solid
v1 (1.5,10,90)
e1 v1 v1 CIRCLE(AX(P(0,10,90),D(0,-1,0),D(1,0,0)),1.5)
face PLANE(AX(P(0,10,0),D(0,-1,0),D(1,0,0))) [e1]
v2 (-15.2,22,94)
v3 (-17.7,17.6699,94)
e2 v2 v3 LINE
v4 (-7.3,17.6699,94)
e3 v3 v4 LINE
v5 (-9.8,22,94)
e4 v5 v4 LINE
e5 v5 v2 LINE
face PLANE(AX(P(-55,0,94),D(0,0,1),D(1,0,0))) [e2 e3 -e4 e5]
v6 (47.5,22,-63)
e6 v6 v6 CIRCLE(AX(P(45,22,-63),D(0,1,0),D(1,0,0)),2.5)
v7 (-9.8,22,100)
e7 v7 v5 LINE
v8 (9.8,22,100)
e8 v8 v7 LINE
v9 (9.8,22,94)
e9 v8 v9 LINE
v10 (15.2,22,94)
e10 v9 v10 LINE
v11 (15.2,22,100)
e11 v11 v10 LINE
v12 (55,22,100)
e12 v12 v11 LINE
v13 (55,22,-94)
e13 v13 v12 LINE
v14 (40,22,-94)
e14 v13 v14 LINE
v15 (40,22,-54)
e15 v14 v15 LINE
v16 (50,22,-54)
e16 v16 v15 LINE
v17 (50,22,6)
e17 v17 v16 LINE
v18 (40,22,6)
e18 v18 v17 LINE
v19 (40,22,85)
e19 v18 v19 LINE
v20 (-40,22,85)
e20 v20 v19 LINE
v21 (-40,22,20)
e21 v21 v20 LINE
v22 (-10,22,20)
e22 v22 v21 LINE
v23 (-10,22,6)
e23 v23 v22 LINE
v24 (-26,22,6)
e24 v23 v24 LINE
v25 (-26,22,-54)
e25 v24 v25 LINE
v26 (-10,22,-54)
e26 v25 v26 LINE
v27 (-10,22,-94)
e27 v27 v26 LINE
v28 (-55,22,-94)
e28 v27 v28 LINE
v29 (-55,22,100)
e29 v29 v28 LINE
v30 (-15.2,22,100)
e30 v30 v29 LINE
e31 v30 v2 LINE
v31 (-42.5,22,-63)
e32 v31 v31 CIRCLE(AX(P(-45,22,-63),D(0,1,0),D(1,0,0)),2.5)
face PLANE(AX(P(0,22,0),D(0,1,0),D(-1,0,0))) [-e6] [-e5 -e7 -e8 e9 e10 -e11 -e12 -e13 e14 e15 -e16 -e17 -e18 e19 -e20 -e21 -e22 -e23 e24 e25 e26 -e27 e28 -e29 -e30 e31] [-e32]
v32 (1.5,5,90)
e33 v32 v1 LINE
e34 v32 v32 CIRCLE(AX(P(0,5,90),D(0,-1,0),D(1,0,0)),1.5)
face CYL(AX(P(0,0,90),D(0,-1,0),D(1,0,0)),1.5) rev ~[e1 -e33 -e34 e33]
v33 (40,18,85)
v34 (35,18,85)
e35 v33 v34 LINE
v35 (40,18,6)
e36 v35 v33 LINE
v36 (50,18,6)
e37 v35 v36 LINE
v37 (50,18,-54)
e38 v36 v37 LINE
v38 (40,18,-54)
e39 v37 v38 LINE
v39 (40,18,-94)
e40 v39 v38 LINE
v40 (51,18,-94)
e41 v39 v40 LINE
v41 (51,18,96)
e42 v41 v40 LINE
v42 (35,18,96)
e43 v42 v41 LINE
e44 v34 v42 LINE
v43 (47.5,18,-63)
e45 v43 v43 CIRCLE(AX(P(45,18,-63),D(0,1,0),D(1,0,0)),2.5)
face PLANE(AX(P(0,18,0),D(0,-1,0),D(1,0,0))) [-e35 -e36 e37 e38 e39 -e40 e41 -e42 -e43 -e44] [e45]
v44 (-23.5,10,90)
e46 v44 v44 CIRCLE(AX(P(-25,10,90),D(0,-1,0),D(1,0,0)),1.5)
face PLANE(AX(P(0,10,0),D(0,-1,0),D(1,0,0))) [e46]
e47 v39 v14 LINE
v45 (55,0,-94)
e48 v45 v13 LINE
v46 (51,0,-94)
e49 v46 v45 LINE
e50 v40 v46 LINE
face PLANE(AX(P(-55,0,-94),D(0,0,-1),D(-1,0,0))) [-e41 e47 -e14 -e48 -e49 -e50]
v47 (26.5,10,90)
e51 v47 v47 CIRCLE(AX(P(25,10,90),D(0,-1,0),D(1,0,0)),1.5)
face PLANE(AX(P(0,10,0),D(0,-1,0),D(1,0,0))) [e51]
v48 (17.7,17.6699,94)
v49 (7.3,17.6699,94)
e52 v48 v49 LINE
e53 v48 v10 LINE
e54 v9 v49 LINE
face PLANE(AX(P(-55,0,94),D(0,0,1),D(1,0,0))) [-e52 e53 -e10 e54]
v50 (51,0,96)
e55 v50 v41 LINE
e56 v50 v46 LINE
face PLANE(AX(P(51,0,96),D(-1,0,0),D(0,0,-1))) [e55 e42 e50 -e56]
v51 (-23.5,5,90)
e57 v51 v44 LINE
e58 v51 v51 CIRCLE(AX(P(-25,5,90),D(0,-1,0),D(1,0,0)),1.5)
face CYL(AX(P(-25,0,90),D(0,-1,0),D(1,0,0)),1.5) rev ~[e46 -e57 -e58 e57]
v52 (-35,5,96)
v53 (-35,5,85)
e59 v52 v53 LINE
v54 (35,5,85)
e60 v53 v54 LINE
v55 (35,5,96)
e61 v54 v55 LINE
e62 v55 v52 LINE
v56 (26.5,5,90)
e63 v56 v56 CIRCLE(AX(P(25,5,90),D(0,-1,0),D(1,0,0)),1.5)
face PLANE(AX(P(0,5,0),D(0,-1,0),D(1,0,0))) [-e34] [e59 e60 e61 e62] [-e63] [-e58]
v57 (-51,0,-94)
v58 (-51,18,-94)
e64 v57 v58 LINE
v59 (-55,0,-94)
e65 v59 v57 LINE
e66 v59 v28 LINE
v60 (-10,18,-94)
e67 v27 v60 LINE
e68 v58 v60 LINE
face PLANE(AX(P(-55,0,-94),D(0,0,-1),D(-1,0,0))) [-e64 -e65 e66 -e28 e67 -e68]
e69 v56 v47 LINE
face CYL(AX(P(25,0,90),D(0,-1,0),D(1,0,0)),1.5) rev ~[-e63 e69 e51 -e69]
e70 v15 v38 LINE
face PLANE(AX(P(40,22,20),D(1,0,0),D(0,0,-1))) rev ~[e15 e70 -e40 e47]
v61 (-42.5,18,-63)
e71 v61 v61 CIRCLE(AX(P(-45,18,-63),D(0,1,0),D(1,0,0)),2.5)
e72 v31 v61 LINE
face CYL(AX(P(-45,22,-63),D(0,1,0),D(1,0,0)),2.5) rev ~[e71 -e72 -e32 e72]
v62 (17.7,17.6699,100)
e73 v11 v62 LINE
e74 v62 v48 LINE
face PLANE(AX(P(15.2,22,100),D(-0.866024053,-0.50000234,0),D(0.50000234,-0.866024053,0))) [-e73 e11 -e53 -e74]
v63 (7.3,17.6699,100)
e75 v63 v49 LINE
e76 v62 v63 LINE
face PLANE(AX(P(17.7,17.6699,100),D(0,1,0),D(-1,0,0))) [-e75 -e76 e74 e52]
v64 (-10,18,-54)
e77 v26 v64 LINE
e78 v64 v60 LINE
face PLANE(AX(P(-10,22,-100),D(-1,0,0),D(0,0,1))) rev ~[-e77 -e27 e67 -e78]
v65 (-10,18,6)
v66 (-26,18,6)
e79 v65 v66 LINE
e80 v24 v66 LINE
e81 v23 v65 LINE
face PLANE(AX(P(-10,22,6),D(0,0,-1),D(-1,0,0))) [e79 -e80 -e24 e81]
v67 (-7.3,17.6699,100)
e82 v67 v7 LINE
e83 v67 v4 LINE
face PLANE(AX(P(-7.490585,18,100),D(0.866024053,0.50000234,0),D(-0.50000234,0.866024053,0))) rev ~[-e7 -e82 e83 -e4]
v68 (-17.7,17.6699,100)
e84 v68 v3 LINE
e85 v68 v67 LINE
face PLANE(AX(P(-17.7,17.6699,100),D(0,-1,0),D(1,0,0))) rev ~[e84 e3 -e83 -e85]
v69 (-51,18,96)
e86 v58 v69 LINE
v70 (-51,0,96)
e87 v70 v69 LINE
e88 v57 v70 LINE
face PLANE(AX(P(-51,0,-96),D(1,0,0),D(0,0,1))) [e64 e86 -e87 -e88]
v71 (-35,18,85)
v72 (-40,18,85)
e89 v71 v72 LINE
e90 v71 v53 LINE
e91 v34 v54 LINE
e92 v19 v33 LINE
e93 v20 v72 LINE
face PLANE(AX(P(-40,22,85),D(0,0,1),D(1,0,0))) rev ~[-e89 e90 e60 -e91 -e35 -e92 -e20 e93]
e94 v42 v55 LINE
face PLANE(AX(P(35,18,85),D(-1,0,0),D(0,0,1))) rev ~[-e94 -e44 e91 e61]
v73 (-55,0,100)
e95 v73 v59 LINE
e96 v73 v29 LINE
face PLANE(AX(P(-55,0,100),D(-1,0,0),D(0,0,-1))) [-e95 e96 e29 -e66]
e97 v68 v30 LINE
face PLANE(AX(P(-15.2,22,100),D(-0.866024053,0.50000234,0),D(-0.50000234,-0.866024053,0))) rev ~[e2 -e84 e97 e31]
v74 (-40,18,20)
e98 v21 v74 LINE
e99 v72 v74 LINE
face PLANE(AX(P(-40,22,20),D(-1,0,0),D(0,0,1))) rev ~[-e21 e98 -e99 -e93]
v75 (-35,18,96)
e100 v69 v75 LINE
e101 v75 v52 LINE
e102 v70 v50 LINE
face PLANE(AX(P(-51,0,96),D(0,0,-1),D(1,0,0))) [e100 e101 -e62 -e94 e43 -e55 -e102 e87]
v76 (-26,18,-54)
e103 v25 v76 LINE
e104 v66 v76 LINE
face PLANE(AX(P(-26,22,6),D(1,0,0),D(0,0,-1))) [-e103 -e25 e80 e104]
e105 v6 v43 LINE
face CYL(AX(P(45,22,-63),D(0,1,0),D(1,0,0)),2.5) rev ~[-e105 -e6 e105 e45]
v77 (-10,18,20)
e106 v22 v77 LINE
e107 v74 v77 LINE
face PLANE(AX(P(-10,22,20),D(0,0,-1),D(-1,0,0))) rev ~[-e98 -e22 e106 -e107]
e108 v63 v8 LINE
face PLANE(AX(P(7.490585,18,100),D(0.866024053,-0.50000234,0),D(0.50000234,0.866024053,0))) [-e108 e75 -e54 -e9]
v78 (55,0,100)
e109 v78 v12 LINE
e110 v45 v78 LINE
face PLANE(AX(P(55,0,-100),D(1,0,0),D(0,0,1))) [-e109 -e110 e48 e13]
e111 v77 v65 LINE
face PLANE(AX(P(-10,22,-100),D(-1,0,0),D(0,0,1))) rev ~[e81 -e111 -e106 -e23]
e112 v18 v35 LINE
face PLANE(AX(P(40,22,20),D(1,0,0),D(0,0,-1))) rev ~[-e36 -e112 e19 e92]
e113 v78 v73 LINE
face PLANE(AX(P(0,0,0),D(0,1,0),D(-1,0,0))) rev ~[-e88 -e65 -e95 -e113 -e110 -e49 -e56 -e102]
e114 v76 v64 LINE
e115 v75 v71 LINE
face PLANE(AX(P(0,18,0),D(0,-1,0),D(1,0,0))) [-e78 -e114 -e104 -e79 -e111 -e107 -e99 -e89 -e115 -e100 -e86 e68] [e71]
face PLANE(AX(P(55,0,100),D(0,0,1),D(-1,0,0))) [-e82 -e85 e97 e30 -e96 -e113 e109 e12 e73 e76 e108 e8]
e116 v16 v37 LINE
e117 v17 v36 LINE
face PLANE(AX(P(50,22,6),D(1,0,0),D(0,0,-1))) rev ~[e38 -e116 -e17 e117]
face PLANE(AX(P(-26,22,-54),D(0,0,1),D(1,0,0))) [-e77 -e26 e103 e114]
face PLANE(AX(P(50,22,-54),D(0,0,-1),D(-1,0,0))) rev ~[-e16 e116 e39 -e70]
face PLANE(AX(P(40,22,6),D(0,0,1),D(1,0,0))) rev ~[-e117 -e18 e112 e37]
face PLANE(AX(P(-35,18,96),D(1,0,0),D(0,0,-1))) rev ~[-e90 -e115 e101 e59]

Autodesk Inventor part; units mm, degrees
ref_plane "YZ Plane" through (0, 0, 0) normal (1, 0, 0) x (0, 1, 0)
ref_plane "XZ Plane" through (0, 0, 0) normal (0, 1, 0) x (-1, 0, 0)
ref_plane "XY Plane" through (0, 0, 0) normal (0, 0, 1) x (1, 0, 0)
sketch "Sketch1" plane through (0, 0, 0) normal (0, 1, 0) x (-1, 0, 0)
  line L0 (-55, 100) -> (55, 100)
  line L1 (55, 100) -> (55, -100)
  line L2 (55, -100) -> (-55, -100)
  line L3 (-55, -100) -> (-55, 100)
  line L4 (-55, 100) -> (55, -100) construction
  line L5 (55, 100) -> (-55, -100) construction
  point P0 (0, 0)
  dimension "d0" = 110
  dimension "d1" = 200
extrude "Extrusion1" add sketch "Sketch1" along normal blind 22
sketch "Sketch2" plane through (0, 22, 0) normal (0, 1, 0) x (1, 0, 0)
  line L0 (55, -100) -> (55, 100) construction
  line L1 (55, 100) -> (40, 100) construction
  line L2 (55, 100) -> (-55, 100) construction
  line L3 (55, 100) -> (70, 100) construction
  line L4 (40, 100) -> (-10, 100)
  line L5 (-10, 100) -> (-10, -20)
  line L6 (-10, -20) -> (40, -20)
  line L7 (40, -20) -> (40, 100)
  point P0 (0, 0)
  dimension "d4" = 15
  dimension "d5" = 180
  dimension "d6" = 50
  dimension "d7" = 120
sketch "Sketch3" plane through (0, 0, 0) normal (0, -1, 0) x (1, 0, 0)
  line L0 (-51, 96) -> (51, 96)
  line L1 (51, 96) -> (51, -96)
  line L2 (51, -96) -> (-51, -96)
  line L3 (-51, -96) -> (-51, 96)
  line L4 (-51, 96) -> (51, -96) construction
  line L5 (51, 96) -> (-51, -96) construction
  point P0 (0, 0)
  dimension "d8" = 102
  dimension "d9" = 192
extrude "Extrusion2" cut sketch "Sketch3" against normal blind 18
extrude "Extrusion3" cut sketch "Sketch2" against normal up to surface (22 mm away)
sketch "Sketch4" plane through (0, 22, 0) normal (0, 1, 0) x (1, 0, 0)
  line L0 (40, -20) -> (-10, -20) projected
  line L1 (40, -20) -> (-40, -20)
  line L2 (-40, -20) -> (-40, -85)
  line L3 (-40, -85) -> (40, -85)
  line L4 (40, -85) -> (40, -20)
  point P0 (0, 0)
  dimension "d14" = 80
  dimension "d15" = 65
extrude "Extrusion4" cut sketch "Sketch4" against normal blind 13
sketch "Sketch6" plane through (0, 22, 0) normal (0, 1, 0) x (1, 0, 0)
  line L0 (40, 100) -> (40, -85) projected
  line L1 (40, -85) -> (-40, -85) projected
  line L2 (-40, -85) -> (-40, -20) projected
  line L3 (-40, -20) -> (-10, -20) projected
  line L4 (-10, -20) -> (-10, 100) projected
  line L5 (-10, 100) -> (-55, 100) projected
  line L6 (-55, 100) -> (-55, -100) projected
  line L7 (-55, -100) -> (55, -100) projected
  line L8 (55, -100) -> (55, 100) projected
  line L9 (55, 100) -> (40, 100) projected
  line L10 (-55, 100) -> (-55, 63) construction
  line L11 (-55, 100) -> (-18, 100) construction
  line L12 (-55, 63) -> (-45, 63) construction
  circle A0 centre (-45, 63) radius 2.5
  line L13 (55, 100) -> (55, -100) construction
  line L14 (55, 100) -> (55, 63) construction
  line L15 (55, 100) -> (92, 100) construction
  line L16 (55, 63) -> (45, 63) construction
  circle A1 centre (45, 63) radius 2.5
  point P0 (0, 0)
  dimension "d24" = 37
  dimension "d25" = 90
  dimension "d26" = 10
  dimension "d27" = 90
  dimension "d28" = 5
  dimension "d29" = 37
  dimension "d30" = 90
  dimension "d31" = 10
  dimension "d32" = 90
  dimension "d33" = 5
extrude "Extrusion6" cut sketch "Sketch6" against normal blind 10 contours A0 | A1
sketch "Sketch8" plane through (0, 18, 0) normal (0, -1, 0) x (1, 0, 0)
  line L0 (51, 96) -> (51, -96) construction
  line L1 (51, 96) -> (35, 96) construction
  line L2 (-51, 96) -> (51, 96) construction
  line L3 (51, 96) -> (67, 96) construction
  line L4 (35, 96) -> (-35, 96)
  line L5 (-35, 96) -> (-35, 85)
  line L6 (-35, 85) -> (35, 85)
  line L7 (35, 85) -> (35, 96)
  point P0 (0, 0)
  dimension "d57" = 16
  dimension "d58" = 180
  dimension "d59" = 70
  dimension "d60" = 11
extrude "Extrusion8" add sketch "Sketch8" along normal blind 13
sketch "Sketch7" plane through (-55, 0, 100) normal (0, 0, 1) x (1, 0, 0)
  line L0 (45, 22) -> (0, 22) construction
  line L1 (0, 22) -> (39.8, 22) construction
  line L2 (39.8, 22) -> (37.3, 17.6699)
  line L3 (39.8, 22) -> (44.8, 22) construction
  line L4 (37.3, 17.6699) -> (47.7, 17.6699)
  line L5 (45, 18) -> (4, 18) projected
  line L6 (47.7, 17.6699) -> (45.2, 22)
  line L7 (15, 22) -> (45, 22) projected
  line L8 (45.2, 22) -> (39.8, 22)
  line L9 (0, 22) -> (110, 22) projected
  line L10 (110, 22) -> (70.2, 22)
  line L11 (110, 22) -> (149.8, 22) construction
  line L12 (70.2, 22) -> (72.7, 17.6699)
  line L13 (72.7, 17.6699) -> (62.3, 17.6699)
  line L14 (15, 18) -> (95, 18) projected
  line L15 (62.3, 17.6699) -> (64.8, 22)
  line L16 (64.8, 22) -> (70.2, 22)
  point P0 (55, 0)
  dimension "d36" = 39.8
  dimension "d39" = 5
  dimension "d40" = 120
  dimension "d41" = 10.4
  dimension "d42" = 60
  dimension "d43" = 5
  dimension "d44" = 60
  dimension "d45" = 5.4
  dimension "d46" = 120
  dimension "d47" = 39.8
  dimension "d48" = 180
  dimension "d49" = 5
  dimension "d50" = 60
  dimension "d51" = 10.4
  dimension "d52" = 60
  dimension "d53" = 5
  dimension "d54" = 60
extrude "Extrusion7" cut sketch "Sketch7" against normal blind 6 contours L7 L8 L6 L14 L5 L2 | L5 L14 L6 L4 L2 | L9 L12 L14 L15 | L14 L12 L13 L15
sketch "Sketch9" plane through (0, 0, 0) normal (0, -1, 0) x (1, 0, 0)
  line L0 (-10, -100) -> (-10, -96) projected
  line L1 (-10, -96) -> (-51, -96) projected
  line L2 (-51, -96) -> (-51, 96) projected
  line L3 (-51, 96) -> (51, 96) projected
  line L4 (51, 96) -> (51, -96) projected
  line L5 (51, -96) -> (40, -96) projected
  line L6 (40, -96) -> (40, -100) projected
  line L7 (40, -100) -> (55, -100) projected
  line L8 (55, -100) -> (55, 100) projected
  line L9 (55, 100) -> (-55, 100) projected
  line L10 (-55, 100) -> (-55, -100) projected
  line L11 (-55, -100) -> (-10, -100) projected
  line L12 (55, 100) -> (-55, 100) projected
  line L13 (0, 100) -> (0, 90)
  line L14 (0, 100) -> (10, 100) construction
  line L15 (0, 90) -> (-25, 90)
  line L16 (0, 90) -> (25, 90)
  circle A0 centre (25, 90) radius 1.5
  circle A1 centre (0, 90) radius 1.5
  circle A2 centre (-25, 90) radius 1.5
  point P0 (0, 0)
  dimension "d63" = 10
  dimension "d64" = 90
  dimension "d65" = 25
  dimension "d66" = 180
  dimension "d67" = 3
  dimension "d68" = 3
  dimension "d69" = 3
extrude "Extrusion9" cut sketch "Sketch9" against normal blind 10 contours A0 | A2 | A1 L16 L13 | L13 L15 A1 | L16 A1 L15
sketch "Sketch10" plane through (-55, 0, -100) normal (0, 0, -1) x (-1, 0, 0)
  line L0 (-45, 22) -> (-45, 0) projected
  line L1 (0, 0) -> (-45, 0) projected
  line L2 (0, 0) -> (0, 22) projected
  line L3 (-45, 22) -> (0, 22) projected
  line L4 (-95, 0) -> (-95, 22) projected
  line L5 (-110, 22) -> (-95, 22) projected
  line L6 (-110, 0) -> (-110, 22) projected
  line L7 (-95, 0) -> (-110, 0) projected
  line L8 (0, 0) -> (-110, 0)
  line L9 (-110, 0) -> (-110, 22)
  line L10 (-110, 22) -> (0, 22)
  line L11 (0, 22) -> (0, 0)
  point P0 (-55, 0)
extrude "Extrusion11" cut sketch "Sketch10" against normal blind 6 contours L3 L2 L1 L0 | L4 L7 L6 L5
sketch "Sketch11" plane through (0, 22, 0) normal (0, 1, 0) x (1, 0, 0)
  line L0 (-10, -20) -> (-40, -20) construction
  line L1 (-10, -20) -> (-10, -6) construction
  line L2 (-10, 94) -> (-10, -20) construction
  line L3 (-10, -6) -> (-26, -6)
  line L4 (-26, -6) -> (-26, 54)
  line L5 (-26, 54) -> (-10, 54)
  line L6 (-10, 54) -> (-10, -6)
  line L7 (-10, -6) -> (40, -6) construction
  line L8 (40, -85) -> (40, 94) construction
  line L9 (40, -6) -> (50, -6)
  line L10 (50, -6) -> (50, 54)
  line L11 (50, 54) -> (40, 54)
  line L12 (40, 54) -> (40, -6)
  point P0 (0, 0)
  dimension "d77" = 14
  dimension "d78" = 16
  dimension "d79" = 60
  dimension "d80" = 10
  dimension "d81" = 60
extrude "Extrusion12" cut sketch "Sketch11" against normal up to surface (4 mm away)
ref_plane "Work Plane1" through (0, 0, 100) normal (1, 0, 0) x (0, 0, -1)
properties part number "foot_cover_2_bottom"
